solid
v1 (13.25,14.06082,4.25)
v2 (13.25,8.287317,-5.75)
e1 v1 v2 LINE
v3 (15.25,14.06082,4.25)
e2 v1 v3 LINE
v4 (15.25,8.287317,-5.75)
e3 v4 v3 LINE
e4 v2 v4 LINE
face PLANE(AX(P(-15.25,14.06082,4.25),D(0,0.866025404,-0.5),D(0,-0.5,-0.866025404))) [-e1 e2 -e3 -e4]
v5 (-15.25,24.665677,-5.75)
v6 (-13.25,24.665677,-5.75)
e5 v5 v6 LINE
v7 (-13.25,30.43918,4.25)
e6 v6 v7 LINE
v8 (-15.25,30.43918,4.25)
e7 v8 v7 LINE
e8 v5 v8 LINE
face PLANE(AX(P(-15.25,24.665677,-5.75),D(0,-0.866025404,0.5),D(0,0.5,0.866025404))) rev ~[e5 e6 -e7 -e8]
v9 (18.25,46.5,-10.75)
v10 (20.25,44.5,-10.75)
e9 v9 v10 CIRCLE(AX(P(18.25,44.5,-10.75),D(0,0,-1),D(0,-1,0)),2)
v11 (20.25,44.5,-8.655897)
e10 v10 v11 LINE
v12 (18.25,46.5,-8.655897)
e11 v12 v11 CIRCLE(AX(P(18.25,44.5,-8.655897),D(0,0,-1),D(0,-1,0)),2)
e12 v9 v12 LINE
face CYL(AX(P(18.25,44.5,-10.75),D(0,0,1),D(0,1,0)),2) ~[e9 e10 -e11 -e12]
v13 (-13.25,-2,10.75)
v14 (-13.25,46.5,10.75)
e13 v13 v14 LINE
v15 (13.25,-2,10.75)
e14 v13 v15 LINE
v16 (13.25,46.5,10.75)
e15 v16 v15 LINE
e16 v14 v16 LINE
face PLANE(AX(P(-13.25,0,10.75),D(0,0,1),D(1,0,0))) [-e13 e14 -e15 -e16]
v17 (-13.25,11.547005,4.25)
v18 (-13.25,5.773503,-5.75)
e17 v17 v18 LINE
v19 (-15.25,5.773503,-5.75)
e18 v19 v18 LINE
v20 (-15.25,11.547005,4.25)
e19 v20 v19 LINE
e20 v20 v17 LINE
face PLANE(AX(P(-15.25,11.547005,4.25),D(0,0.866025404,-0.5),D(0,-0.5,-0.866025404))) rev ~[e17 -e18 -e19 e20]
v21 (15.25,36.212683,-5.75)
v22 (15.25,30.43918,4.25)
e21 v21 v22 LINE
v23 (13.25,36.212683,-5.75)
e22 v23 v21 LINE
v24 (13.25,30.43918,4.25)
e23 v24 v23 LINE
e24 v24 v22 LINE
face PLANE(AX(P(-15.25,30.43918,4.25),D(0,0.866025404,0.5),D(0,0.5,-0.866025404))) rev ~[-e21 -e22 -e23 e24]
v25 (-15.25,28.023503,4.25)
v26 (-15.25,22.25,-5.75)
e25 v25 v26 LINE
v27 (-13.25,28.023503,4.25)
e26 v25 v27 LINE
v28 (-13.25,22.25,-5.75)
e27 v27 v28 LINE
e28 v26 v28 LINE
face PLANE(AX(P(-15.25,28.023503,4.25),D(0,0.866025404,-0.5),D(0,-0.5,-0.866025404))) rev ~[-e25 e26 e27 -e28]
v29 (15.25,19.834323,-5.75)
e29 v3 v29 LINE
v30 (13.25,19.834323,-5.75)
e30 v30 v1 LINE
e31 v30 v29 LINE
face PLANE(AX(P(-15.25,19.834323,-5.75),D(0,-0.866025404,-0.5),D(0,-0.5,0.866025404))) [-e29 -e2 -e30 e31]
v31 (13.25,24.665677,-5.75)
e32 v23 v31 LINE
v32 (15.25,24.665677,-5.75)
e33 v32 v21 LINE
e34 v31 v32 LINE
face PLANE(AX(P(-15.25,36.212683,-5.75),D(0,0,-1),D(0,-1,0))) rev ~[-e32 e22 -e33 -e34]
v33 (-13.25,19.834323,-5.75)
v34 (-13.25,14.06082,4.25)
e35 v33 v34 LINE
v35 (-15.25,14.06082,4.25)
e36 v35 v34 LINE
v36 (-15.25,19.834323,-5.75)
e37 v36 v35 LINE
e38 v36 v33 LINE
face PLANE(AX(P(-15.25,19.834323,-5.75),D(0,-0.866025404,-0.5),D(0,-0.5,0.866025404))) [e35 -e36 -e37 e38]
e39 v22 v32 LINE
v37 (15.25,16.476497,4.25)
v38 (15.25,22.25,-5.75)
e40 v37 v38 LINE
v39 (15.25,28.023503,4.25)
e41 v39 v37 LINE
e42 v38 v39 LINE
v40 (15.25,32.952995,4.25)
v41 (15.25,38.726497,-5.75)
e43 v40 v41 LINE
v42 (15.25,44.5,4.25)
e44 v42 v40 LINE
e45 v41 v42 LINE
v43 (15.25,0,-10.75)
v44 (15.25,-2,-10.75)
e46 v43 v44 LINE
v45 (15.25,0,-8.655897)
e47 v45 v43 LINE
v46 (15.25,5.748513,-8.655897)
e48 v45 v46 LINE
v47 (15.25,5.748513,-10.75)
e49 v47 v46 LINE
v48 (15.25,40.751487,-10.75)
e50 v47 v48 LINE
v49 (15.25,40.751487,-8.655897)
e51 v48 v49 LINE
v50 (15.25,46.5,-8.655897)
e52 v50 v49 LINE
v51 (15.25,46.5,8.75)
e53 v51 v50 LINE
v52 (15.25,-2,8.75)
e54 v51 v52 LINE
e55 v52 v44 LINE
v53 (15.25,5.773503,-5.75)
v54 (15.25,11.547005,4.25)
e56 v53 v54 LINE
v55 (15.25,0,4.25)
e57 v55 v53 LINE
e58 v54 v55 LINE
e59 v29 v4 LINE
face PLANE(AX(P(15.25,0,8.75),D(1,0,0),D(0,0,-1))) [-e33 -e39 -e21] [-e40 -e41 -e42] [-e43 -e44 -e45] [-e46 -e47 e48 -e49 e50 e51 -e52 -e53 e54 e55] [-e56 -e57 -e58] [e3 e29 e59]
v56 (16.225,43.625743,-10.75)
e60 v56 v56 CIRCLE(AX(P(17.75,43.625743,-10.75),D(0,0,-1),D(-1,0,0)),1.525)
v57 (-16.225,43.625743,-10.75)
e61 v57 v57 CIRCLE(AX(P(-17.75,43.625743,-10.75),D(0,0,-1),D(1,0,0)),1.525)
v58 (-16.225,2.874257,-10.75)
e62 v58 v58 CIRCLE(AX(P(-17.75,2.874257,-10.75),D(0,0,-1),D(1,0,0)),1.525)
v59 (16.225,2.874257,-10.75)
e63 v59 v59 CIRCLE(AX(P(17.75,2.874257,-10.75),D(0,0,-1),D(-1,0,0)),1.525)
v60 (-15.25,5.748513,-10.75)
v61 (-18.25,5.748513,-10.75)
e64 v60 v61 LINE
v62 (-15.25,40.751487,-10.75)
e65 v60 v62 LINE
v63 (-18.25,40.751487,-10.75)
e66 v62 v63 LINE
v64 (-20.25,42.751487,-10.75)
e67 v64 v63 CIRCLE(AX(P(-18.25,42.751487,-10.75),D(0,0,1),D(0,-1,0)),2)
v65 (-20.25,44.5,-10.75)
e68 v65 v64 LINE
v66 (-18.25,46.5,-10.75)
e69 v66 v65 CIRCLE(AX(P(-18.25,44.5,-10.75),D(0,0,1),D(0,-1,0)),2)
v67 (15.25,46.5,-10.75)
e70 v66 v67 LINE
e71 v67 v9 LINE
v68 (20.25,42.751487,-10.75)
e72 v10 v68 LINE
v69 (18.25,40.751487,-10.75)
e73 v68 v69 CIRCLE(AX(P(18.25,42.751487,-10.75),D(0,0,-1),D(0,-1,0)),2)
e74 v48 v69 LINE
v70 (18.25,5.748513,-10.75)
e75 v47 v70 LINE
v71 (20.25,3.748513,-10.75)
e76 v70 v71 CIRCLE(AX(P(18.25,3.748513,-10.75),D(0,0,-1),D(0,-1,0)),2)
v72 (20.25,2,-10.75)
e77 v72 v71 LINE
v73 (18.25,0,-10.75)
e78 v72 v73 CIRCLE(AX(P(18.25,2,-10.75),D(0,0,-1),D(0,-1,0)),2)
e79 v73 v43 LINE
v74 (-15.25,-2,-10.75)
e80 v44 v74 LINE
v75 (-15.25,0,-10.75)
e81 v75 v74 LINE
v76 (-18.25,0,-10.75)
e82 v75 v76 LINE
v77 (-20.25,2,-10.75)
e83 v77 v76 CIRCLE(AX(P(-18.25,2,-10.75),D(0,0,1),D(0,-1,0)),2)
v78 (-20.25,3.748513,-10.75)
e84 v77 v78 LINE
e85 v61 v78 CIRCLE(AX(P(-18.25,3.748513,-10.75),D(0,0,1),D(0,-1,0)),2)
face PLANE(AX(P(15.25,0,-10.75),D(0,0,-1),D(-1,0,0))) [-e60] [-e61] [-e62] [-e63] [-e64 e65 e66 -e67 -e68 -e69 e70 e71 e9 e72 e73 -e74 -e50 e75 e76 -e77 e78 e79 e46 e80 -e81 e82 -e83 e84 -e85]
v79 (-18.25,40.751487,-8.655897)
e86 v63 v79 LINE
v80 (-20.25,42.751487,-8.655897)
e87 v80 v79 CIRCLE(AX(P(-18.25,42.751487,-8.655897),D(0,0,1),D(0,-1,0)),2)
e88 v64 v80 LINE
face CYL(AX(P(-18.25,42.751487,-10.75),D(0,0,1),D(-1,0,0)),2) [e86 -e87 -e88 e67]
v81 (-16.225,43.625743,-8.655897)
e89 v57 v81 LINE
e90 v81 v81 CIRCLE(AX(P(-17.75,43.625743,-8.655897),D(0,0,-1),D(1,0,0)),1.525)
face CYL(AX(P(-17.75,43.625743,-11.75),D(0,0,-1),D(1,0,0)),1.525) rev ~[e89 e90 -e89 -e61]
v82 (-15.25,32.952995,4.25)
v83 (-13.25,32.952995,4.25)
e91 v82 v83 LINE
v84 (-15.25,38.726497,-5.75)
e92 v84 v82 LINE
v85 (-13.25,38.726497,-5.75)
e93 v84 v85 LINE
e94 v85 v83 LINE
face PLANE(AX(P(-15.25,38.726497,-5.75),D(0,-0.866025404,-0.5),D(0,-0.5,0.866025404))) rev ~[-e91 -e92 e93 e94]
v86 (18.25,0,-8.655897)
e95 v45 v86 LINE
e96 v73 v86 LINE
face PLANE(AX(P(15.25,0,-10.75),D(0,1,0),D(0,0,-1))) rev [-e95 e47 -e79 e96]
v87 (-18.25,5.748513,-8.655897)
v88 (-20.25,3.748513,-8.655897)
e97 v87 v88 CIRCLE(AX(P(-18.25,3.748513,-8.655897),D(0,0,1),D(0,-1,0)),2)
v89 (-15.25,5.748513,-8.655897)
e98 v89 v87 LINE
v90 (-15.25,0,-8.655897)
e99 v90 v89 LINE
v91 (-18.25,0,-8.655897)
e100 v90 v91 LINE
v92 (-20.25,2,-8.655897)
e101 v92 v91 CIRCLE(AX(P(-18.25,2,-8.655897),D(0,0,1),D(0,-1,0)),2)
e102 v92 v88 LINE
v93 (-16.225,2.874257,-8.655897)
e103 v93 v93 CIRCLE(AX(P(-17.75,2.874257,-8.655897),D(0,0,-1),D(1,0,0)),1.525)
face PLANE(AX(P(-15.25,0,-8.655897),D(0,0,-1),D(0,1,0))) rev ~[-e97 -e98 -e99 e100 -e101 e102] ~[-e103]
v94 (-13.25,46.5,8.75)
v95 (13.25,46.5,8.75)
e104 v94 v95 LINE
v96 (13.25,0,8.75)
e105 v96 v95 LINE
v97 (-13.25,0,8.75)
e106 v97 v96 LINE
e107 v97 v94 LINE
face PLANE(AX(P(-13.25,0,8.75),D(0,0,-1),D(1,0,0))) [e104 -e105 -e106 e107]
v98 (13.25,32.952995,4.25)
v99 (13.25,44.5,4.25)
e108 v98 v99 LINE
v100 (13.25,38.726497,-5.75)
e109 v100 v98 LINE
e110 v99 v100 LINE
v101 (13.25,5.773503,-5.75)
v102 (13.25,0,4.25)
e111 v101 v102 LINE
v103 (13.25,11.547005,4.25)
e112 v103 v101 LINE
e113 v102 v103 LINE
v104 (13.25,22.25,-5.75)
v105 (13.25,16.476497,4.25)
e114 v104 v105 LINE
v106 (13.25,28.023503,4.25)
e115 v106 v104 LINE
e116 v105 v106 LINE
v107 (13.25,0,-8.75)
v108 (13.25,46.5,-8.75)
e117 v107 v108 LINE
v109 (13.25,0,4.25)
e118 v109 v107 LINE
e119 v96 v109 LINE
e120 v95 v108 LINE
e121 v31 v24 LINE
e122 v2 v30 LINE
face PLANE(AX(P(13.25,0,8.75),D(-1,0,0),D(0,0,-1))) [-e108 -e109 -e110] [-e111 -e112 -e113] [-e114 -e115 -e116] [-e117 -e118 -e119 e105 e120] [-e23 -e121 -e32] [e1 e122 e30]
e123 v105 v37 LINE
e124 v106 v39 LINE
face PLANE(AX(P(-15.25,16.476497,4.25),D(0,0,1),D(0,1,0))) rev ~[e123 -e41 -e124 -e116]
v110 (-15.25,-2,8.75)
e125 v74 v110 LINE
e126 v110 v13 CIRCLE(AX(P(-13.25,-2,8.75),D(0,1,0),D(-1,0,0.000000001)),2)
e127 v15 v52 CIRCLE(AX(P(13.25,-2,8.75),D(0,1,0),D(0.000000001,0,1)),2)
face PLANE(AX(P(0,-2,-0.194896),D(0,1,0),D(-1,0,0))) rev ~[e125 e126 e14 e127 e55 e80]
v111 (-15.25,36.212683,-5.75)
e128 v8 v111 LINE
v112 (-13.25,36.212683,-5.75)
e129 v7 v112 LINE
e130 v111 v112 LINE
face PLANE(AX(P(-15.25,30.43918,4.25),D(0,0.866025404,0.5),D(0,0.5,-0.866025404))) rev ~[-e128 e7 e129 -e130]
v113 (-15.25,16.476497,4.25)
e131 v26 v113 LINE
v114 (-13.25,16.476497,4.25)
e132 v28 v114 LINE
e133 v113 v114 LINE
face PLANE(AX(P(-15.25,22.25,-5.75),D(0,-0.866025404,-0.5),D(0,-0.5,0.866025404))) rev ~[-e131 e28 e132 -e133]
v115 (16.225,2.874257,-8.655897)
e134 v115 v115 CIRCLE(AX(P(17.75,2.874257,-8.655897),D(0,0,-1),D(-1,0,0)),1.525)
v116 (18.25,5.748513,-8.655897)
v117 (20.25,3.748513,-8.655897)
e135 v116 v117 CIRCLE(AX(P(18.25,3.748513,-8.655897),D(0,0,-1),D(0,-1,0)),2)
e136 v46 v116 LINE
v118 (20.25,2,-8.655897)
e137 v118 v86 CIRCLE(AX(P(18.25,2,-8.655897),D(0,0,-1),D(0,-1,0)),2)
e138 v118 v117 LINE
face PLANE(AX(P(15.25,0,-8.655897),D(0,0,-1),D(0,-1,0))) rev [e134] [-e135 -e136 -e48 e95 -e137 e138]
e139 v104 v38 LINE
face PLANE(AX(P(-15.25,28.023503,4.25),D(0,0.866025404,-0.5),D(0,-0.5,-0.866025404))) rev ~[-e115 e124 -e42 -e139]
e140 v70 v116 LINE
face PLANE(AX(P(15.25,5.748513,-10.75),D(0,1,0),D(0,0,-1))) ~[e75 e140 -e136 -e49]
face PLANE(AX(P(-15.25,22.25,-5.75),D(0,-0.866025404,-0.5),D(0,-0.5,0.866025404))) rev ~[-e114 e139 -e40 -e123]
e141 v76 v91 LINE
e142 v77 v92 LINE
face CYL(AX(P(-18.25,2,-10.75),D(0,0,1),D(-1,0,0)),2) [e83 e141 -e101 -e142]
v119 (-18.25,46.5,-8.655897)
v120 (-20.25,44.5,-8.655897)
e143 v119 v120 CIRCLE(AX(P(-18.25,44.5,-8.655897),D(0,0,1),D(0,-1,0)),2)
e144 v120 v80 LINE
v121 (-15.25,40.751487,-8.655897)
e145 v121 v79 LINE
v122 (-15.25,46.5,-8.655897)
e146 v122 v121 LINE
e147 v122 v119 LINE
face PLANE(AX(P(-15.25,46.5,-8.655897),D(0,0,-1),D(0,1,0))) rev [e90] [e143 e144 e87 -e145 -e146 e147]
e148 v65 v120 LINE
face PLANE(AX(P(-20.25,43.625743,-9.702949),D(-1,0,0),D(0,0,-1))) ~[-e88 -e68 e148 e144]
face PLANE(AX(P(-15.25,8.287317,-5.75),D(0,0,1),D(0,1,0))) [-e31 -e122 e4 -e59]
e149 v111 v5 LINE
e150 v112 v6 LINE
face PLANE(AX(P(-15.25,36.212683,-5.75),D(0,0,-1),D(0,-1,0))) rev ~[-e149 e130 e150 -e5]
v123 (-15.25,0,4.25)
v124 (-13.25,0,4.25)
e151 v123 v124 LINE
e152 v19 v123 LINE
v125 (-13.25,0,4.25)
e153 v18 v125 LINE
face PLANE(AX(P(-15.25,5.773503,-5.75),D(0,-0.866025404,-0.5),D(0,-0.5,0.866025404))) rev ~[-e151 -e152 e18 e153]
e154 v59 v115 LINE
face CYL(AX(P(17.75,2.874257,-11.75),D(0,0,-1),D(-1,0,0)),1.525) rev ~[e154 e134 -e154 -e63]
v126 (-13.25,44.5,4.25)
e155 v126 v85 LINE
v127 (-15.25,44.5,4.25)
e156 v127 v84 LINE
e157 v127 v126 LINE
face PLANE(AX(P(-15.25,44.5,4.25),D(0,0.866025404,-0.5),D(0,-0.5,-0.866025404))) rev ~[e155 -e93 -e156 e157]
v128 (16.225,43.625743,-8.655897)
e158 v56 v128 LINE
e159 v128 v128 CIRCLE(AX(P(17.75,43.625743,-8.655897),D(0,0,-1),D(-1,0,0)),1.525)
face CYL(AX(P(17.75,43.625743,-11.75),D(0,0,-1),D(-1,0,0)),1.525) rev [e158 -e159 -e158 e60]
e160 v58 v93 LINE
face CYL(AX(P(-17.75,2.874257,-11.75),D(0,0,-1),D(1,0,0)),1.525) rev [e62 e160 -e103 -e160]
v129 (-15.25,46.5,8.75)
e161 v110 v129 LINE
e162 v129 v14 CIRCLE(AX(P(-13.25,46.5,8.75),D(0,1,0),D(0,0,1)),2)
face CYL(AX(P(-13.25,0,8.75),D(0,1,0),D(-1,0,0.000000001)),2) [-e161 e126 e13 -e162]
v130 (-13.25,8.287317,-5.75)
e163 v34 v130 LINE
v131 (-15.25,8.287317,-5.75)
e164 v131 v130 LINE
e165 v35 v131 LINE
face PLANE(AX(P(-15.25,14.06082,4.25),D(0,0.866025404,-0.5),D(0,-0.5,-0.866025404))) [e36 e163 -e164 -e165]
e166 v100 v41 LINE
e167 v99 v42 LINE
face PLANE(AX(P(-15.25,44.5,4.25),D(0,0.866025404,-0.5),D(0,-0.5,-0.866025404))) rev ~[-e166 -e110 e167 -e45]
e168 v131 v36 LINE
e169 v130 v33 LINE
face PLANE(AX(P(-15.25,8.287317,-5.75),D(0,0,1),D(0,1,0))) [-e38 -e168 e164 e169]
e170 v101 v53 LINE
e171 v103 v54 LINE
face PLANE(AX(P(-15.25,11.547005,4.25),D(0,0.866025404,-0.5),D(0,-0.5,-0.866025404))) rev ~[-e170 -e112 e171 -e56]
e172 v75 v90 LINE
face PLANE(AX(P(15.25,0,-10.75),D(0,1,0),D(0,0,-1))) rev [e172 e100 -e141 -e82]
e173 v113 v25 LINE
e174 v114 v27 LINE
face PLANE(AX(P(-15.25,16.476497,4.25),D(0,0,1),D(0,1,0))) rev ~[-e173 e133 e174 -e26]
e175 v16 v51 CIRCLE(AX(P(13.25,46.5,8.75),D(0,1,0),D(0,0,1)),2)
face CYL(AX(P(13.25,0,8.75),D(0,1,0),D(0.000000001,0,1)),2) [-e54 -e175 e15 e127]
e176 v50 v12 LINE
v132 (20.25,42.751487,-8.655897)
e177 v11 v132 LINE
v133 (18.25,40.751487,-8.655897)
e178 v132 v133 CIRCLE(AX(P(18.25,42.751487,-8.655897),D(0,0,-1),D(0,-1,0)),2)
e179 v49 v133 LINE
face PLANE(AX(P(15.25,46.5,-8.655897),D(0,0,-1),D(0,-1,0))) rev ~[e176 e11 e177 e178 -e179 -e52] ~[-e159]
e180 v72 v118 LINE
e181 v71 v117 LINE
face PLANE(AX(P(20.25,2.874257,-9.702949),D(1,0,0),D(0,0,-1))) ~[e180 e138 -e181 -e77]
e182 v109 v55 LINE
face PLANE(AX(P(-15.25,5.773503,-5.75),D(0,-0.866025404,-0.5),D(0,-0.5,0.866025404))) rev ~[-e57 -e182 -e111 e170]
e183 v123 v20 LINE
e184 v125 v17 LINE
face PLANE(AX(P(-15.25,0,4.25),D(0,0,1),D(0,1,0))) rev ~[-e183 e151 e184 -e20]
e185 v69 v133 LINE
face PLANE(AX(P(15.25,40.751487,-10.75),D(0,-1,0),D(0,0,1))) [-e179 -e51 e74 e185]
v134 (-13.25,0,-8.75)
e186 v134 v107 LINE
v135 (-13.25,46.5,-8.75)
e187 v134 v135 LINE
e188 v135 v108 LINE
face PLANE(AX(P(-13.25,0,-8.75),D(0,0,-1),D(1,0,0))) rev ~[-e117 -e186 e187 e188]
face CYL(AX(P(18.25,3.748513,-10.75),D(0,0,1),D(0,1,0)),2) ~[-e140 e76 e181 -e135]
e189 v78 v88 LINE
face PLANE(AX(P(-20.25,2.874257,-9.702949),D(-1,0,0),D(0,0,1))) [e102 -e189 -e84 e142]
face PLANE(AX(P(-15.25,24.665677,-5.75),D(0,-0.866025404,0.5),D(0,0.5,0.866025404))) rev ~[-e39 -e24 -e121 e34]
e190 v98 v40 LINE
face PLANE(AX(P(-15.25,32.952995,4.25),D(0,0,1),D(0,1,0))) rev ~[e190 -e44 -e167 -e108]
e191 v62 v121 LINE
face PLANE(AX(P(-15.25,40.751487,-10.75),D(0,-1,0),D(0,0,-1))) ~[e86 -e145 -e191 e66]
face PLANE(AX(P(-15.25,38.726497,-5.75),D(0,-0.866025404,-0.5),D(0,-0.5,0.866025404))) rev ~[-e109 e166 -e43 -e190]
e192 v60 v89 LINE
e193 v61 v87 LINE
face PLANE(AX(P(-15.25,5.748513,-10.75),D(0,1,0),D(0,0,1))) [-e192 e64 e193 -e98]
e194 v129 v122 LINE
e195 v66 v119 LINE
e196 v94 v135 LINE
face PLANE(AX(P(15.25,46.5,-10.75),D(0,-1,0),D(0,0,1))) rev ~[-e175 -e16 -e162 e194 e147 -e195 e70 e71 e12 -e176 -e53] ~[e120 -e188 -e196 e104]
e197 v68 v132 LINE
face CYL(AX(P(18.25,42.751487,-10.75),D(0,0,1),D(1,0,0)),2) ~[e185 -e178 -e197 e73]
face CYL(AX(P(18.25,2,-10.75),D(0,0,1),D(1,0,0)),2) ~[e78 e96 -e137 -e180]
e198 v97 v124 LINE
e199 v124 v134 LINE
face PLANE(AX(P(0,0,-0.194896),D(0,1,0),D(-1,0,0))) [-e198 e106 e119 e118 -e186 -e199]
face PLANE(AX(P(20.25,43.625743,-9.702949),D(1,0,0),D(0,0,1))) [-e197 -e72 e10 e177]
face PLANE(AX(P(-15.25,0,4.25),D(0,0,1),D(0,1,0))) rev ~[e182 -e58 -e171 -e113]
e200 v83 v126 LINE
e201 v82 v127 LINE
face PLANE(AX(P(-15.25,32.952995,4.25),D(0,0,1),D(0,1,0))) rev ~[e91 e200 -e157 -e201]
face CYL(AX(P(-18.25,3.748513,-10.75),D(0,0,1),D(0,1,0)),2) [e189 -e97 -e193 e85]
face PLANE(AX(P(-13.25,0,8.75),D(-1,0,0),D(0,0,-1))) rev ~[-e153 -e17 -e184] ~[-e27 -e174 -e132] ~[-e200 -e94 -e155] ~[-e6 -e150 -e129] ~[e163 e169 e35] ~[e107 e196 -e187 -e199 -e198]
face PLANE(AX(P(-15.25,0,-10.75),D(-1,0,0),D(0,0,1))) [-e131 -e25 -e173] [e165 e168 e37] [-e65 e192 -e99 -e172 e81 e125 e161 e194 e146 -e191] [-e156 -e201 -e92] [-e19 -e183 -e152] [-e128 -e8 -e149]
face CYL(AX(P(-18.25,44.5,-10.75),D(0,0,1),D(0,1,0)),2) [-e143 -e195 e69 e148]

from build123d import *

# Parameters (mm, degrees)
SKETCH1_W               = 30.5
SKETCH1_H               = 21.5
SKETCH1_W_2             = 26.5
SKETCH1_H_2             = 17.5
BOSS_EXTRUDE1_DEPTH     = 46.5
FILLET1_R               = 2
SKETCH2_W               = 2.094102849
SKETCH2_H               = 5.748513101
BOSS_EXTRUDE2_DEPTH     = 5
CUT_EXTRUDE1_START      = -3.094102849
SKETCH3_R               = 1.525
CUT_EXTRUDE1_DEPTH      = 23.5
MIRROR4_COPY_1_SKETCH_W = 2.094102849
MIRROR4_COPY_1_SKETCH_H = 5.748513101
MIRROR4_COPY_1_DEPTH    = 5
MIRROR4_START           = -3.094102849
MIRROR4_COPY_2_SKETCH_R = 1.525
MIRROR4_COPY_2_DEPTH    = 23.5
FILLET2_R               = 2
BOSS_EXTRUDE4_DEPTH     = 2
CUT_EXTRUDE2_DEPTH      = 6
CUT_EXTRUDE2_DEPTH_BACK = 36.5


with BuildPart() as part:
    # Sketch1 → Boss-Extrude1 (new body)
    with BuildSketch(Plane(origin=(0, 0, 0), x_dir=(1, 0, 0), z_dir=(0, 1, 0))):
        Rectangle(SKETCH1_W, SKETCH1_H)
        Rectangle(SKETCH1_W_2, SKETCH1_H_2, mode=Mode.SUBTRACT)
    extrude(amount=BOSS_EXTRUDE1_DEPTH)

    # Fillet1
    fillet1_edges = [part.edges().sort_by_distance(p)[0] for p in [
        (-15.25, 23.25, 10.75),
        (15.25, 23.25, 10.75),
    ]]
    fillet(fillet1_edges, radius=FILLET1_R)

    # Sketch2 → Boss-Extrude2 (add)
    with BuildSketch(Plane.ZY.offset(15.25)):
        with Locations((-9.702948576, 2.874256551)):
            Rectangle(SKETCH2_W, SKETCH2_H)
    boss_extrude2 = extrude(amount=BOSS_EXTRUDE2_DEPTH)

    # Sketch3 → Cut-Extrude1 (cut)
    with BuildSketch(Plane.XY.offset(-8.655897151).offset(CUT_EXTRUDE1_START)):
        with Locations((-17.75, 2.874256551)):
            Circle(SKETCH3_R)
    cut_extrude1 = extrude(amount=CUT_EXTRUDE1_DEPTH, mode=Mode.SUBTRACT)

    # Mirror3: Boss-Extrude2, Cut-Extrude1 across plane
    add(boss_extrude2.mirror(Plane.ZX.offset(23.25)))
    add(cut_extrude1.mirror(Plane.ZX.offset(23.25)), mode=Mode.SUBTRACT)

    # Mirror4: Boss-Extrude2, Cut-Extrude1 across plane
    add(boss_extrude2.mirror(Plane(origin=(0, 0, 0), x_dir=(0, 0, 1), z_dir=(1, 0, 0))))
    add(cut_extrude1.mirror(Plane(origin=(0, 0, 0), x_dir=(0, 0, 1), z_dir=(1, 0, 0))), mode=Mode.SUBTRACT)

    # Mirror4 copy 1 sketch → Mirror4 copy 1 (add)
    with BuildSketch(Plane(origin=(15.25, 46.5, 0), x_dir=(0, 0, 1), z_dir=(1, 0, 0))):
        with Locations((-9.702948576, 2.874256551)):
            Rectangle(MIRROR4_COPY_1_SKETCH_W, MIRROR4_COPY_1_SKETCH_H)
    extrude(amount=MIRROR4_COPY_1_DEPTH)

    # Mirror4 copy 2 sketch → Mirror4 copy 2 (cut)
    with BuildSketch(Plane(origin=(0, 46.5, -8.655897151), x_dir=(-1, 0, 0), z_dir=(0, 0, 1)).offset(MIRROR4_START)):
        with Locations((-17.75, 2.874256551)):
            Circle(MIRROR4_COPY_2_SKETCH_R)
    extrude(amount=MIRROR4_COPY_2_DEPTH, mode=Mode.SUBTRACT)

    # Fillet2
    fillet2_edges = [part.edges().sort_by_distance(p)[0] for p in [
        (-20.25, 0, -9.702948576),
        (-20.25, 5.748513101, -9.702948576),
        (-20.25, 40.751486899, -9.702948576),
        (-20.25, 46.5, -9.702948576),
        (20.25, 46.5, -9.702948576),
        (20.25, 40.751486899, -9.702948576),
        (20.25, 5.748513101, -9.702948576),
        (20.25, 0, -9.702948576),
    ]]
    fillet(fillet2_edges, radius=FILLET2_R)

    # Sketch4 → Boss-Extrude4 (add)
    with BuildSketch(Plane.XZ):
        with BuildLine():
            Line((15.25, -10.75), (-15.25, -10.75))
            Line((-15.25, -10.75), (-15.25, 8.75))
            ThreePointArc((-15.25, 8.75), (-14.664213562, 10.164213562), (-13.25, 10.75))
            Line((-13.25, 10.75), (13.25, 10.75))
            ThreePointArc((13.25, 10.75), (14.664213562, 10.164213562), (15.25, 8.75))
            Line((15.25, 8.75), (15.25, -10.75))
        make_face()
    extrude(amount=BOSS_EXTRUDE4_DEPTH)

    # Sketch6 → Cut-Extrude2 (cut, two sides)
    with BuildSketch(Plane.ZY.offset(15.25)) as cut_extrude2_sk:
        Polygon((-5.75, 22.25), (4.25, 16.476497308), (4.25, 28.023502692), align=None)
        Polygon((-5.75, 38.726497308), (4.25, 32.952994616), (4.25, 44.5), align=None)
        Polygon((-5.75, 5.773502692), (4.25, 0), (4.25, 11.547005384), align=None)
        Polygon((4.25, 30.439180122), (-5.75, 36.212682814), (-5.75, 24.66567743), align=None)
        Polygon((-5.75, 19.83432257), (4.25, 14.060819878), (-5.75, 8.287317186), align=None)
    extrude(amount=CUT_EXTRUDE2_DEPTH, mode=Mode.SUBTRACT)
    extrude(cut_extrude2_sk.sketch, amount=-CUT_EXTRUDE2_DEPTH_BACK, mode=Mode.SUBTRACT)


solid = part.part
